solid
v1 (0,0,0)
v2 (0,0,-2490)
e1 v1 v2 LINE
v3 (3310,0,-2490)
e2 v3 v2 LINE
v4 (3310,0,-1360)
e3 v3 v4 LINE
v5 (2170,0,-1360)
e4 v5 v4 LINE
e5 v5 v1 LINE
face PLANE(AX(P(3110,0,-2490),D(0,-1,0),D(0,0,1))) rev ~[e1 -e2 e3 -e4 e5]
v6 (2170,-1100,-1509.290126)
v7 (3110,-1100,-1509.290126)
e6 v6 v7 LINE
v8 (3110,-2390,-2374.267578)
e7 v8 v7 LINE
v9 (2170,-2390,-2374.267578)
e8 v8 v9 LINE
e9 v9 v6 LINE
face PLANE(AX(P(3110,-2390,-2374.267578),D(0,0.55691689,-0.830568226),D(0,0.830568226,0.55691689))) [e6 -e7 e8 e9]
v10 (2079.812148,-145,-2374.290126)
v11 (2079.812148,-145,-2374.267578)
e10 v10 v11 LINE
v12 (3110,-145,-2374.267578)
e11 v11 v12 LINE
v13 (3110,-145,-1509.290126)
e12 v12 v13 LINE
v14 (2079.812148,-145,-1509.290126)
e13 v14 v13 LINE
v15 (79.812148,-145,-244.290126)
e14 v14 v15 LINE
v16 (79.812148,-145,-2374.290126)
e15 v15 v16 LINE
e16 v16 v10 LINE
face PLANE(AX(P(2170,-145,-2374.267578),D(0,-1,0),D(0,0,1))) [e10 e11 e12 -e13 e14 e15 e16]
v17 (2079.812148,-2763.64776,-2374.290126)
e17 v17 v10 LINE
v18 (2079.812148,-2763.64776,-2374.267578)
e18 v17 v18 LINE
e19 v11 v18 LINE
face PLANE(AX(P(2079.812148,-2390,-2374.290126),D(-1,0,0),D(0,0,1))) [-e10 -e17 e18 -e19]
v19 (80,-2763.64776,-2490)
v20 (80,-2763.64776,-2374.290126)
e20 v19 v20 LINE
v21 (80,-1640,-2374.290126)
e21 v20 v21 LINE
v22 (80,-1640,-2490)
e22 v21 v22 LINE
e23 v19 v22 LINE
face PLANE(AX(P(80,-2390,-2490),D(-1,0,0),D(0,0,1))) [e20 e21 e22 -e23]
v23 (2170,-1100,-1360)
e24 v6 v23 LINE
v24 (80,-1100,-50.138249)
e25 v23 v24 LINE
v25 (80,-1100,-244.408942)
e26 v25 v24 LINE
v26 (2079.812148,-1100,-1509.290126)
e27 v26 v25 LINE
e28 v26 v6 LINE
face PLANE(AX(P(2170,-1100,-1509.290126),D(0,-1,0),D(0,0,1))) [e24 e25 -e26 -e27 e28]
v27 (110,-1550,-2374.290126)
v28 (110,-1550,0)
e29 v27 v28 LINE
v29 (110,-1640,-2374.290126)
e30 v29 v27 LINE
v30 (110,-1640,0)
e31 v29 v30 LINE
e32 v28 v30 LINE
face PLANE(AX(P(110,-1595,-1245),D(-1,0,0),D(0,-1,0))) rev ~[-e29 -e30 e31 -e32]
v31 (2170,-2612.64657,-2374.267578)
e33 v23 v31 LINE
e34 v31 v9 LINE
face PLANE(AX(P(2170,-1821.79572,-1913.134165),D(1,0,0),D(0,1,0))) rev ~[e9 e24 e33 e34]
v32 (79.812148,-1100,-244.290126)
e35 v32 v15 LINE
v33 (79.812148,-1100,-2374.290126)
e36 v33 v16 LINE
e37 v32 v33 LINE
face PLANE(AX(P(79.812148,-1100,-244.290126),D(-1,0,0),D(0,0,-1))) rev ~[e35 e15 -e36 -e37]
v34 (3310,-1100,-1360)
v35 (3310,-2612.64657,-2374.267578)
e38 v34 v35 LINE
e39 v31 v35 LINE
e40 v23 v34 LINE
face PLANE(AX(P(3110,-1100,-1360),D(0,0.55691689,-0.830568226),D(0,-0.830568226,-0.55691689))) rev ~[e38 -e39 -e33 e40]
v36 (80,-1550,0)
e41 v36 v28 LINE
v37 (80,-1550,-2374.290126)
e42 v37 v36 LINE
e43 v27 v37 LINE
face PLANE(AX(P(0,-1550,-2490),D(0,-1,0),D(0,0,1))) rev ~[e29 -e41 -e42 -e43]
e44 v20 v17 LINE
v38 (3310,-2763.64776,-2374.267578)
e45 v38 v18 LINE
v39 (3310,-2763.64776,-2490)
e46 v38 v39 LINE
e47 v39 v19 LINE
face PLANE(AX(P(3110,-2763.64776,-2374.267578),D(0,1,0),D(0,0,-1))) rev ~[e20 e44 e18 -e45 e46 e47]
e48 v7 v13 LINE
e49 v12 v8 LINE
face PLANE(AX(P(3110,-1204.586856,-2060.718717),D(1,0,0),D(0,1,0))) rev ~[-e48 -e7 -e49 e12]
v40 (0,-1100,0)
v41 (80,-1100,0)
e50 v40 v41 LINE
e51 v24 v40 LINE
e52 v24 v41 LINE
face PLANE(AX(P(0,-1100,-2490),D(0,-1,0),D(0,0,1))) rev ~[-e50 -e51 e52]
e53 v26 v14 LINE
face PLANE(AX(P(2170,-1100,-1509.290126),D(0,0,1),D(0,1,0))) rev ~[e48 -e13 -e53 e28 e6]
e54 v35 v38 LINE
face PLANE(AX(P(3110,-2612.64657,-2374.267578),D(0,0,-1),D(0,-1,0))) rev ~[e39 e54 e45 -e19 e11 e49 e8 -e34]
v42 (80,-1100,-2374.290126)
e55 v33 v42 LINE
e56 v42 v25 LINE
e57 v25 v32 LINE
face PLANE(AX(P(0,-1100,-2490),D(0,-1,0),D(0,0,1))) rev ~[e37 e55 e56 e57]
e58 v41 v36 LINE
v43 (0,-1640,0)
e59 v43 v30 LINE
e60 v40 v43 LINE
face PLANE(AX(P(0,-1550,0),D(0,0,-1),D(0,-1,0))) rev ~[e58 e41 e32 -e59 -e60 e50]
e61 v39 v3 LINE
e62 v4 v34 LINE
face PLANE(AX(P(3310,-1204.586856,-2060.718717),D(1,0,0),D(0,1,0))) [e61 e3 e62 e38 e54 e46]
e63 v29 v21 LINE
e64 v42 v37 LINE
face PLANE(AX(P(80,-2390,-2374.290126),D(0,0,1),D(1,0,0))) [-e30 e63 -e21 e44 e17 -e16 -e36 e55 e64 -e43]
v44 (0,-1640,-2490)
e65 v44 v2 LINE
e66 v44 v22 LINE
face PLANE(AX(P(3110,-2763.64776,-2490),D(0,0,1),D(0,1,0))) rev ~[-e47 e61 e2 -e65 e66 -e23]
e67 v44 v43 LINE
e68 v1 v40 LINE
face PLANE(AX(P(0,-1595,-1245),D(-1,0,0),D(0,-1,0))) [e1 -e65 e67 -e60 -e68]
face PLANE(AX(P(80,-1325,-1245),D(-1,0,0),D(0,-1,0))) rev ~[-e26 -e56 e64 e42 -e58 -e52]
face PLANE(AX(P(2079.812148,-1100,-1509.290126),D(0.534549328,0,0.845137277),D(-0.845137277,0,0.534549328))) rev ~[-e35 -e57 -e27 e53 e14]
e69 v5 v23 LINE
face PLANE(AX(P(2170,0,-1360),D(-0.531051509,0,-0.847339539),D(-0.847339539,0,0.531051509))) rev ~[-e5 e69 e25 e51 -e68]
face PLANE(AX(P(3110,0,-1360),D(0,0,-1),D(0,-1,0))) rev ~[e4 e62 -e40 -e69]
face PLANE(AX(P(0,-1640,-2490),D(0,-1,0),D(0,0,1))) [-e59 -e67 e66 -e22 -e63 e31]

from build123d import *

# Parameters (mm, degrees)
F1_DEPTH  = 1100
F3_DEPTH  = 955
F4_W      = 450
F4_H      = 2490
F5_DEPTH  = 80
F6_W      = 90
F6_H      = 2490
F7_DEPTH  = 110
F8_W      = 90.1878520287
F8_H      = 864.9774521589
F9_DEPTH  = 955
F10_DEPTH = 940
F11_DEPTH = 1290
F13_DEPTH = 940
F14_DEPTH = 373.64776
F16_DEPTH = 200


with BuildPart() as f1:
    # F0 (on Front) → F1 (new body)
    with BuildSketch(Plane.XZ):
        Polygon((2170, -1360), (0, 0), (0, -2490), (2170, -2490), align=None)
    extrude(amount=F1_DEPTH)

    # F2 (on face) → F3 (cut)
    with BuildSketch(Plane.XZ.offset(1100)):
        Polygon((2079.8121479713, -1509.2901259661), (79.8121479713, -244.2901259661), (79.8121479713, -2374.2901259661), (2079.8121479713, -2374.2901259661), align=None)
    extrude(amount=-F3_DEPTH, mode=Mode.SUBTRACT)

    # F4 (on face) → F5 (join)
    with BuildSketch(Plane(origin=(0, 0, 0), x_dir=(0, -1, 0), z_dir=(-1, 0, 0))):
        with Locations((1325, -1245)):
            Rectangle(F4_W, F4_H)
    extrude(amount=-F5_DEPTH)

    # F6 (on face) → F7 (join)
    with BuildSketch(Plane(origin=(0, 0, 0), x_dir=(0, -1, 0), z_dir=(-1, 0, 0))):
        with Locations((1595, -1245)):
            Rectangle(F6_W, F6_H)
    extrude(amount=-F7_DEPTH)

    # F8 (on face) → F9 (cut)
    with BuildSketch(Plane.XZ.offset(1100)):
        with Locations((2124.9060739856, -1941.7788520455)):
            Rectangle(F8_W, F8_H)
    extrude(amount=-F9_DEPTH, mode=Mode.SUBTRACT)

    # F10 (add): a face of the model
    f10_faces = [f1.faces().sort_by_distance(p)[0] for p in [
        (2170, -15.769908053, -1925),
    ]]
    extrude(f10_faces, amount=F10_DEPTH)

    # F11 (add): a face of the model
    f11_faces = [f1.faces().sort_by_distance(p)[0] for p in [
        (1595.0662428142, -1100, -2432.1412294023),
    ]]
    extrude(f11_faces, amount=F11_DEPTH)

    # F14 (add): a face of the model
    f14_faces = [f1.faces().sort_by_distance(p)[0] for p in [
        (1595.0662428142, -2390, -2432.1412294023),
    ]]


with BuildPart() as f13:
    # F12 (on face) → F13 (new body)
    with BuildSketch(Plane.YZ.offset(3110)):
        Polygon((-2390, -2374.267578125), (-1100, -1509.2901259661), (-1100, -1360), (-2619.9676820473, -2379.1765682024), align=None)
    extrude(amount=-F13_DEPTH)


with BuildPart() as f1_1:
    add(f1.part)

    add(f13.part)  # F14 merges F13
    extrude(f14_faces, amount=F14_DEPTH)

    # F15 (on face) → F16 (join)
    with BuildSketch(Plane.YZ.offset(3110)):
        Polygon((0, -2490), (0, -1360), (-1100, -1360), (-2612.6465695904, -2374.267578125), (-2763.64776, -2374.267578125), (-2763.64776, -2490), align=None)
    extrude(amount=F16_DEPTH)


solid = f1_1.part
